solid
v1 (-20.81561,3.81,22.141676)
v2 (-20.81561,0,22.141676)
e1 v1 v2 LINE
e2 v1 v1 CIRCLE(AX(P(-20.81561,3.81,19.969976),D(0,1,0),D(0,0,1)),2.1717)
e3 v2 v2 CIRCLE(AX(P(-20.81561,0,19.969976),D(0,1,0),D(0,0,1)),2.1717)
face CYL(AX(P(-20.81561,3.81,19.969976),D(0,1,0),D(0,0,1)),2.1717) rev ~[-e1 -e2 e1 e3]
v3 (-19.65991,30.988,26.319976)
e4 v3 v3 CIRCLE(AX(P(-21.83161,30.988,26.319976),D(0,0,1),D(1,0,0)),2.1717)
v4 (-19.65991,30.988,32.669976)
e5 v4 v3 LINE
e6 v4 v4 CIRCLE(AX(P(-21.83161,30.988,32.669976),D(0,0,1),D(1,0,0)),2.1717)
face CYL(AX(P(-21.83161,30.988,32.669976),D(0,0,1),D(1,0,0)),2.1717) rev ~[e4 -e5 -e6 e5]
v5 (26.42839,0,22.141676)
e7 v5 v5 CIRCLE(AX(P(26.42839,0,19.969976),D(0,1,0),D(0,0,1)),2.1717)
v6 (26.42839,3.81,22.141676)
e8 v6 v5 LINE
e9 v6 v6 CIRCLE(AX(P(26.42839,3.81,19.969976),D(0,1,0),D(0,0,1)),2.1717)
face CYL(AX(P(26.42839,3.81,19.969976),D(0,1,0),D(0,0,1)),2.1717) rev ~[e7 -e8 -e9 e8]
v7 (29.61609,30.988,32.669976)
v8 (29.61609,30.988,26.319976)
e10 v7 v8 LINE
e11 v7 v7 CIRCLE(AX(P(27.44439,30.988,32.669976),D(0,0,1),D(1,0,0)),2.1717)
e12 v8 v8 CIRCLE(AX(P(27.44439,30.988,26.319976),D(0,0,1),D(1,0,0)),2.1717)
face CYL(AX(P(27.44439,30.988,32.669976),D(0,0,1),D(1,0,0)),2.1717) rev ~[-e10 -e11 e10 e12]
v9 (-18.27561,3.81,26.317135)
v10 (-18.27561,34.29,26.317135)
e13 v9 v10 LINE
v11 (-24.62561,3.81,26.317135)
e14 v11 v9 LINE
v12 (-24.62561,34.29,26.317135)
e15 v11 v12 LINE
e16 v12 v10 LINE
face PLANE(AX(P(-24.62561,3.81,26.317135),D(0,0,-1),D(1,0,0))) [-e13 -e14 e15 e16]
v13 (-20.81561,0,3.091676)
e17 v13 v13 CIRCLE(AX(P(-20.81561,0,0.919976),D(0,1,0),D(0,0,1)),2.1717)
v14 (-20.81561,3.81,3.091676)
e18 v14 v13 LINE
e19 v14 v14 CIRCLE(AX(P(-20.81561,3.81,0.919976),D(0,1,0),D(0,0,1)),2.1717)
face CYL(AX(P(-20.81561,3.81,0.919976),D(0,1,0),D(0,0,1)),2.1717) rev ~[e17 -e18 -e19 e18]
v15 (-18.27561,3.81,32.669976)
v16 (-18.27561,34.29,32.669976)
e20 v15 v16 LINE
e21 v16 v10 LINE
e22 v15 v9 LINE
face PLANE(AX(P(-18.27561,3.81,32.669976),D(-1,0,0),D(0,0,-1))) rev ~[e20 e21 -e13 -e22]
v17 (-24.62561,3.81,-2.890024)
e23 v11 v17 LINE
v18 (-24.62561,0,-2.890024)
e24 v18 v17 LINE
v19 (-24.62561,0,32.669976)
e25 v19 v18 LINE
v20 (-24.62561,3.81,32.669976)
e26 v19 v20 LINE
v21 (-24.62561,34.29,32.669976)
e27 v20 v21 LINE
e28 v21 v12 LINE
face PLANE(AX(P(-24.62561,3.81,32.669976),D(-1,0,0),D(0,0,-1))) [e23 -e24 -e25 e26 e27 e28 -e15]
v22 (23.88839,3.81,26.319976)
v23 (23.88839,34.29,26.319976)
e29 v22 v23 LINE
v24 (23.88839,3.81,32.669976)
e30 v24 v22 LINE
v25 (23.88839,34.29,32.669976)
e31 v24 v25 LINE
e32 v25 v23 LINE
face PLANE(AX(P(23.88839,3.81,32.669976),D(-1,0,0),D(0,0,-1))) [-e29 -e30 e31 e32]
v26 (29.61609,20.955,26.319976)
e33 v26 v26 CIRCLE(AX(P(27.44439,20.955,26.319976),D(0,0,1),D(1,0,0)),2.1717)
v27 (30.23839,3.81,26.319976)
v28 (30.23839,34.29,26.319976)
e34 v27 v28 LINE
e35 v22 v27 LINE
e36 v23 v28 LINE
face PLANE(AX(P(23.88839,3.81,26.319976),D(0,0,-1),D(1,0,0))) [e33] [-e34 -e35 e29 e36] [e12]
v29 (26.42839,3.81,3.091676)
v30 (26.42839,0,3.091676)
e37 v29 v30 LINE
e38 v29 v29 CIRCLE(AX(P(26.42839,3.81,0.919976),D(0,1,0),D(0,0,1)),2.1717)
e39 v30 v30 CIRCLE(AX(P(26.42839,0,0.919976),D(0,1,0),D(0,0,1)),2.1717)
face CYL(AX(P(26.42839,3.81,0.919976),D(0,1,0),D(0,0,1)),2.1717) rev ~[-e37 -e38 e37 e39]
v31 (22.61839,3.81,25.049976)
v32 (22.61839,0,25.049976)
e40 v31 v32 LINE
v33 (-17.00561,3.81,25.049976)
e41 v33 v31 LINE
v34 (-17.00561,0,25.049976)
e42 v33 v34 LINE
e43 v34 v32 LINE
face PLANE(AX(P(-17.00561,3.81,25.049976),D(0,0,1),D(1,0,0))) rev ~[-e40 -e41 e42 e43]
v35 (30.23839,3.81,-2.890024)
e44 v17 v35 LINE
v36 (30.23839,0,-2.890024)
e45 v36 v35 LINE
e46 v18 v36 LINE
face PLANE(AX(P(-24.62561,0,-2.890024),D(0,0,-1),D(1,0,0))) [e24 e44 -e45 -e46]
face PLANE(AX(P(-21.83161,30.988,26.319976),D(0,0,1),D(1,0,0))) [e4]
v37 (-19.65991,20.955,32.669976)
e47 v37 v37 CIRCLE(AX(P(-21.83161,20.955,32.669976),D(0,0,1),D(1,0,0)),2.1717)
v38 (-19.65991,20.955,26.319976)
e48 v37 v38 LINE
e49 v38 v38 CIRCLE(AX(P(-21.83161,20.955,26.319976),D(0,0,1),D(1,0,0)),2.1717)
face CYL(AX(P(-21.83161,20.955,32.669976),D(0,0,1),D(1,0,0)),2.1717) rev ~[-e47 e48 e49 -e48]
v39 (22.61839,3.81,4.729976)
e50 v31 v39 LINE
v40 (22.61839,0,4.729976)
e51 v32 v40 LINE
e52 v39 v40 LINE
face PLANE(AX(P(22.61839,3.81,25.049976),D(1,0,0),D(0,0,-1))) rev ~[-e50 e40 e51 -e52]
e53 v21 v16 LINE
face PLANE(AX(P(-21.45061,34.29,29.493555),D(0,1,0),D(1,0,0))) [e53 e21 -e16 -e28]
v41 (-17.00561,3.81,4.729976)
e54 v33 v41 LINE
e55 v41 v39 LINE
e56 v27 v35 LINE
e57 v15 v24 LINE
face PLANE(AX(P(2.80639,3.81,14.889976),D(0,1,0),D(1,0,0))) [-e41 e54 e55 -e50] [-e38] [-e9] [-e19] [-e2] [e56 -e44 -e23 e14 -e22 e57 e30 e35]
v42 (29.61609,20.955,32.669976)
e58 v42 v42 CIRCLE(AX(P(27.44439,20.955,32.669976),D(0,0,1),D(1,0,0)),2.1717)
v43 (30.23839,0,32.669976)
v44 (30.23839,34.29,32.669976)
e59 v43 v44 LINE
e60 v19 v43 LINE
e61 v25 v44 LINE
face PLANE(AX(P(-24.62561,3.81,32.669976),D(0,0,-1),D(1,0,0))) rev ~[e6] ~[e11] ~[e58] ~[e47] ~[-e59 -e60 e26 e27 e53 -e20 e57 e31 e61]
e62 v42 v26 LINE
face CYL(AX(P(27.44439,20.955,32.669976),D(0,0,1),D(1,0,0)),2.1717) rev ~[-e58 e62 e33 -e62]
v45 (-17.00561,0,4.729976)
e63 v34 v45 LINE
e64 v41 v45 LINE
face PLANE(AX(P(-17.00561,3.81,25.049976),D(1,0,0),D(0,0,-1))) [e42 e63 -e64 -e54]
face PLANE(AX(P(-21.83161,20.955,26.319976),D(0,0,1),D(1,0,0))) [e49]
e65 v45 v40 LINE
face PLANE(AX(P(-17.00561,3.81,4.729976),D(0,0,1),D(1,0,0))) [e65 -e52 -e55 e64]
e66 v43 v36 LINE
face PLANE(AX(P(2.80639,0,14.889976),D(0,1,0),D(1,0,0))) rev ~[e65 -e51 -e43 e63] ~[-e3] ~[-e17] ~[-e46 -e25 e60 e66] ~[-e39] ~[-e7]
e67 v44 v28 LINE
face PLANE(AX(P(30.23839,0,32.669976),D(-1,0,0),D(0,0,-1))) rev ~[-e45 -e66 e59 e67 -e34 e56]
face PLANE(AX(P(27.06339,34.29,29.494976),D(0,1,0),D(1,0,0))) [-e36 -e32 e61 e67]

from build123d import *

# Parameters (mm, degrees)
SKETCH1_W           = 54.864
SKETCH1_H           = 35.56
BOSS_EXTRUDE1_DEPTH = 3.81
SKETCH2_R           = 2.1717
SKETCH2_W           = 39.624
SKETCH2_H           = 20.32
CUT_EXTRUDE2_DEPTH  = 3.81
SKETCH3_W           = 6.35
SKETCH3_H           = 6.352840925
SKETCH3_H_2         = 6.35
BOSS_EXTRUDE2_DEPTH = 30.48
SKETCH4_R           = 2.1717
CUT_EXTRUDE3_DEPTH  = 6.35


with BuildPart() as part:
    # Sketch1 → Boss-Extrude1 (new body)
    with BuildSketch(Plane(origin=(0, 0, 0), x_dir=(1, 0, 0), z_dir=(0, 1, 0))):
        with Locations((2.806390244, -14.88997561)):
            Rectangle(SKETCH1_W, SKETCH1_H)
    extrude(amount=BOSS_EXTRUDE1_DEPTH)

    # Sketch2 → Cut-Extrude2 (cut)
    with BuildSketch(Plane(origin=(0, 3.81, 0), x_dir=(1, 0, 0), z_dir=(0, 1, 0))):
        with Locations(Location((-20.815609756, -0.91997561, 0), (0, 0, 270))):
            Circle(SKETCH2_R)
        with Locations(Location((-20.815609756, -19.96997561, 0), (0, 0, 270))):
            Circle(SKETCH2_R)
        with Locations(Location((26.428390244, -19.96997561, 0), (0, 0, 270))):
            Circle(SKETCH2_R)
        with Locations(Location((26.428390244, -0.91997561, 0), (0, 0, 270))):
            Circle(SKETCH2_R)
        with Locations((2.806390244, -14.88997561)):
            Rectangle(SKETCH2_W, SKETCH2_H)
    extrude(amount=-CUT_EXTRUDE2_DEPTH, mode=Mode.SUBTRACT)

    # Sketch3 → Boss-Extrude2 (add)
    with BuildSketch(Plane(origin=(0, 3.81, 0), x_dir=(1, 0, 0), z_dir=(0, 1, 0))):
        with Locations((-21.450609756, -29.493555148)):
            Rectangle(SKETCH3_W, SKETCH3_H)
        with Locations((27.063390244, -29.49497561)):
            Rectangle(SKETCH3_W, SKETCH3_H_2)
    extrude(amount=BOSS_EXTRUDE2_DEPTH)

    # Sketch4 → Cut-Extrude3 (cut)
    with BuildSketch(Plane.XY.offset(32.66997561)):
        with Locations((-21.831609756, 30.988)):
            Circle(SKETCH4_R)
        with Locations((-21.831609756, 20.955)):
            Circle(SKETCH4_R)
        with Locations((27.444390244, 30.988)):
            Circle(SKETCH4_R)
        with Locations((27.444390244, 20.955)):
            Circle(SKETCH4_R)
    extrude(amount=-CUT_EXTRUDE3_DEPTH, mode=Mode.SUBTRACT)


solid = part.part
